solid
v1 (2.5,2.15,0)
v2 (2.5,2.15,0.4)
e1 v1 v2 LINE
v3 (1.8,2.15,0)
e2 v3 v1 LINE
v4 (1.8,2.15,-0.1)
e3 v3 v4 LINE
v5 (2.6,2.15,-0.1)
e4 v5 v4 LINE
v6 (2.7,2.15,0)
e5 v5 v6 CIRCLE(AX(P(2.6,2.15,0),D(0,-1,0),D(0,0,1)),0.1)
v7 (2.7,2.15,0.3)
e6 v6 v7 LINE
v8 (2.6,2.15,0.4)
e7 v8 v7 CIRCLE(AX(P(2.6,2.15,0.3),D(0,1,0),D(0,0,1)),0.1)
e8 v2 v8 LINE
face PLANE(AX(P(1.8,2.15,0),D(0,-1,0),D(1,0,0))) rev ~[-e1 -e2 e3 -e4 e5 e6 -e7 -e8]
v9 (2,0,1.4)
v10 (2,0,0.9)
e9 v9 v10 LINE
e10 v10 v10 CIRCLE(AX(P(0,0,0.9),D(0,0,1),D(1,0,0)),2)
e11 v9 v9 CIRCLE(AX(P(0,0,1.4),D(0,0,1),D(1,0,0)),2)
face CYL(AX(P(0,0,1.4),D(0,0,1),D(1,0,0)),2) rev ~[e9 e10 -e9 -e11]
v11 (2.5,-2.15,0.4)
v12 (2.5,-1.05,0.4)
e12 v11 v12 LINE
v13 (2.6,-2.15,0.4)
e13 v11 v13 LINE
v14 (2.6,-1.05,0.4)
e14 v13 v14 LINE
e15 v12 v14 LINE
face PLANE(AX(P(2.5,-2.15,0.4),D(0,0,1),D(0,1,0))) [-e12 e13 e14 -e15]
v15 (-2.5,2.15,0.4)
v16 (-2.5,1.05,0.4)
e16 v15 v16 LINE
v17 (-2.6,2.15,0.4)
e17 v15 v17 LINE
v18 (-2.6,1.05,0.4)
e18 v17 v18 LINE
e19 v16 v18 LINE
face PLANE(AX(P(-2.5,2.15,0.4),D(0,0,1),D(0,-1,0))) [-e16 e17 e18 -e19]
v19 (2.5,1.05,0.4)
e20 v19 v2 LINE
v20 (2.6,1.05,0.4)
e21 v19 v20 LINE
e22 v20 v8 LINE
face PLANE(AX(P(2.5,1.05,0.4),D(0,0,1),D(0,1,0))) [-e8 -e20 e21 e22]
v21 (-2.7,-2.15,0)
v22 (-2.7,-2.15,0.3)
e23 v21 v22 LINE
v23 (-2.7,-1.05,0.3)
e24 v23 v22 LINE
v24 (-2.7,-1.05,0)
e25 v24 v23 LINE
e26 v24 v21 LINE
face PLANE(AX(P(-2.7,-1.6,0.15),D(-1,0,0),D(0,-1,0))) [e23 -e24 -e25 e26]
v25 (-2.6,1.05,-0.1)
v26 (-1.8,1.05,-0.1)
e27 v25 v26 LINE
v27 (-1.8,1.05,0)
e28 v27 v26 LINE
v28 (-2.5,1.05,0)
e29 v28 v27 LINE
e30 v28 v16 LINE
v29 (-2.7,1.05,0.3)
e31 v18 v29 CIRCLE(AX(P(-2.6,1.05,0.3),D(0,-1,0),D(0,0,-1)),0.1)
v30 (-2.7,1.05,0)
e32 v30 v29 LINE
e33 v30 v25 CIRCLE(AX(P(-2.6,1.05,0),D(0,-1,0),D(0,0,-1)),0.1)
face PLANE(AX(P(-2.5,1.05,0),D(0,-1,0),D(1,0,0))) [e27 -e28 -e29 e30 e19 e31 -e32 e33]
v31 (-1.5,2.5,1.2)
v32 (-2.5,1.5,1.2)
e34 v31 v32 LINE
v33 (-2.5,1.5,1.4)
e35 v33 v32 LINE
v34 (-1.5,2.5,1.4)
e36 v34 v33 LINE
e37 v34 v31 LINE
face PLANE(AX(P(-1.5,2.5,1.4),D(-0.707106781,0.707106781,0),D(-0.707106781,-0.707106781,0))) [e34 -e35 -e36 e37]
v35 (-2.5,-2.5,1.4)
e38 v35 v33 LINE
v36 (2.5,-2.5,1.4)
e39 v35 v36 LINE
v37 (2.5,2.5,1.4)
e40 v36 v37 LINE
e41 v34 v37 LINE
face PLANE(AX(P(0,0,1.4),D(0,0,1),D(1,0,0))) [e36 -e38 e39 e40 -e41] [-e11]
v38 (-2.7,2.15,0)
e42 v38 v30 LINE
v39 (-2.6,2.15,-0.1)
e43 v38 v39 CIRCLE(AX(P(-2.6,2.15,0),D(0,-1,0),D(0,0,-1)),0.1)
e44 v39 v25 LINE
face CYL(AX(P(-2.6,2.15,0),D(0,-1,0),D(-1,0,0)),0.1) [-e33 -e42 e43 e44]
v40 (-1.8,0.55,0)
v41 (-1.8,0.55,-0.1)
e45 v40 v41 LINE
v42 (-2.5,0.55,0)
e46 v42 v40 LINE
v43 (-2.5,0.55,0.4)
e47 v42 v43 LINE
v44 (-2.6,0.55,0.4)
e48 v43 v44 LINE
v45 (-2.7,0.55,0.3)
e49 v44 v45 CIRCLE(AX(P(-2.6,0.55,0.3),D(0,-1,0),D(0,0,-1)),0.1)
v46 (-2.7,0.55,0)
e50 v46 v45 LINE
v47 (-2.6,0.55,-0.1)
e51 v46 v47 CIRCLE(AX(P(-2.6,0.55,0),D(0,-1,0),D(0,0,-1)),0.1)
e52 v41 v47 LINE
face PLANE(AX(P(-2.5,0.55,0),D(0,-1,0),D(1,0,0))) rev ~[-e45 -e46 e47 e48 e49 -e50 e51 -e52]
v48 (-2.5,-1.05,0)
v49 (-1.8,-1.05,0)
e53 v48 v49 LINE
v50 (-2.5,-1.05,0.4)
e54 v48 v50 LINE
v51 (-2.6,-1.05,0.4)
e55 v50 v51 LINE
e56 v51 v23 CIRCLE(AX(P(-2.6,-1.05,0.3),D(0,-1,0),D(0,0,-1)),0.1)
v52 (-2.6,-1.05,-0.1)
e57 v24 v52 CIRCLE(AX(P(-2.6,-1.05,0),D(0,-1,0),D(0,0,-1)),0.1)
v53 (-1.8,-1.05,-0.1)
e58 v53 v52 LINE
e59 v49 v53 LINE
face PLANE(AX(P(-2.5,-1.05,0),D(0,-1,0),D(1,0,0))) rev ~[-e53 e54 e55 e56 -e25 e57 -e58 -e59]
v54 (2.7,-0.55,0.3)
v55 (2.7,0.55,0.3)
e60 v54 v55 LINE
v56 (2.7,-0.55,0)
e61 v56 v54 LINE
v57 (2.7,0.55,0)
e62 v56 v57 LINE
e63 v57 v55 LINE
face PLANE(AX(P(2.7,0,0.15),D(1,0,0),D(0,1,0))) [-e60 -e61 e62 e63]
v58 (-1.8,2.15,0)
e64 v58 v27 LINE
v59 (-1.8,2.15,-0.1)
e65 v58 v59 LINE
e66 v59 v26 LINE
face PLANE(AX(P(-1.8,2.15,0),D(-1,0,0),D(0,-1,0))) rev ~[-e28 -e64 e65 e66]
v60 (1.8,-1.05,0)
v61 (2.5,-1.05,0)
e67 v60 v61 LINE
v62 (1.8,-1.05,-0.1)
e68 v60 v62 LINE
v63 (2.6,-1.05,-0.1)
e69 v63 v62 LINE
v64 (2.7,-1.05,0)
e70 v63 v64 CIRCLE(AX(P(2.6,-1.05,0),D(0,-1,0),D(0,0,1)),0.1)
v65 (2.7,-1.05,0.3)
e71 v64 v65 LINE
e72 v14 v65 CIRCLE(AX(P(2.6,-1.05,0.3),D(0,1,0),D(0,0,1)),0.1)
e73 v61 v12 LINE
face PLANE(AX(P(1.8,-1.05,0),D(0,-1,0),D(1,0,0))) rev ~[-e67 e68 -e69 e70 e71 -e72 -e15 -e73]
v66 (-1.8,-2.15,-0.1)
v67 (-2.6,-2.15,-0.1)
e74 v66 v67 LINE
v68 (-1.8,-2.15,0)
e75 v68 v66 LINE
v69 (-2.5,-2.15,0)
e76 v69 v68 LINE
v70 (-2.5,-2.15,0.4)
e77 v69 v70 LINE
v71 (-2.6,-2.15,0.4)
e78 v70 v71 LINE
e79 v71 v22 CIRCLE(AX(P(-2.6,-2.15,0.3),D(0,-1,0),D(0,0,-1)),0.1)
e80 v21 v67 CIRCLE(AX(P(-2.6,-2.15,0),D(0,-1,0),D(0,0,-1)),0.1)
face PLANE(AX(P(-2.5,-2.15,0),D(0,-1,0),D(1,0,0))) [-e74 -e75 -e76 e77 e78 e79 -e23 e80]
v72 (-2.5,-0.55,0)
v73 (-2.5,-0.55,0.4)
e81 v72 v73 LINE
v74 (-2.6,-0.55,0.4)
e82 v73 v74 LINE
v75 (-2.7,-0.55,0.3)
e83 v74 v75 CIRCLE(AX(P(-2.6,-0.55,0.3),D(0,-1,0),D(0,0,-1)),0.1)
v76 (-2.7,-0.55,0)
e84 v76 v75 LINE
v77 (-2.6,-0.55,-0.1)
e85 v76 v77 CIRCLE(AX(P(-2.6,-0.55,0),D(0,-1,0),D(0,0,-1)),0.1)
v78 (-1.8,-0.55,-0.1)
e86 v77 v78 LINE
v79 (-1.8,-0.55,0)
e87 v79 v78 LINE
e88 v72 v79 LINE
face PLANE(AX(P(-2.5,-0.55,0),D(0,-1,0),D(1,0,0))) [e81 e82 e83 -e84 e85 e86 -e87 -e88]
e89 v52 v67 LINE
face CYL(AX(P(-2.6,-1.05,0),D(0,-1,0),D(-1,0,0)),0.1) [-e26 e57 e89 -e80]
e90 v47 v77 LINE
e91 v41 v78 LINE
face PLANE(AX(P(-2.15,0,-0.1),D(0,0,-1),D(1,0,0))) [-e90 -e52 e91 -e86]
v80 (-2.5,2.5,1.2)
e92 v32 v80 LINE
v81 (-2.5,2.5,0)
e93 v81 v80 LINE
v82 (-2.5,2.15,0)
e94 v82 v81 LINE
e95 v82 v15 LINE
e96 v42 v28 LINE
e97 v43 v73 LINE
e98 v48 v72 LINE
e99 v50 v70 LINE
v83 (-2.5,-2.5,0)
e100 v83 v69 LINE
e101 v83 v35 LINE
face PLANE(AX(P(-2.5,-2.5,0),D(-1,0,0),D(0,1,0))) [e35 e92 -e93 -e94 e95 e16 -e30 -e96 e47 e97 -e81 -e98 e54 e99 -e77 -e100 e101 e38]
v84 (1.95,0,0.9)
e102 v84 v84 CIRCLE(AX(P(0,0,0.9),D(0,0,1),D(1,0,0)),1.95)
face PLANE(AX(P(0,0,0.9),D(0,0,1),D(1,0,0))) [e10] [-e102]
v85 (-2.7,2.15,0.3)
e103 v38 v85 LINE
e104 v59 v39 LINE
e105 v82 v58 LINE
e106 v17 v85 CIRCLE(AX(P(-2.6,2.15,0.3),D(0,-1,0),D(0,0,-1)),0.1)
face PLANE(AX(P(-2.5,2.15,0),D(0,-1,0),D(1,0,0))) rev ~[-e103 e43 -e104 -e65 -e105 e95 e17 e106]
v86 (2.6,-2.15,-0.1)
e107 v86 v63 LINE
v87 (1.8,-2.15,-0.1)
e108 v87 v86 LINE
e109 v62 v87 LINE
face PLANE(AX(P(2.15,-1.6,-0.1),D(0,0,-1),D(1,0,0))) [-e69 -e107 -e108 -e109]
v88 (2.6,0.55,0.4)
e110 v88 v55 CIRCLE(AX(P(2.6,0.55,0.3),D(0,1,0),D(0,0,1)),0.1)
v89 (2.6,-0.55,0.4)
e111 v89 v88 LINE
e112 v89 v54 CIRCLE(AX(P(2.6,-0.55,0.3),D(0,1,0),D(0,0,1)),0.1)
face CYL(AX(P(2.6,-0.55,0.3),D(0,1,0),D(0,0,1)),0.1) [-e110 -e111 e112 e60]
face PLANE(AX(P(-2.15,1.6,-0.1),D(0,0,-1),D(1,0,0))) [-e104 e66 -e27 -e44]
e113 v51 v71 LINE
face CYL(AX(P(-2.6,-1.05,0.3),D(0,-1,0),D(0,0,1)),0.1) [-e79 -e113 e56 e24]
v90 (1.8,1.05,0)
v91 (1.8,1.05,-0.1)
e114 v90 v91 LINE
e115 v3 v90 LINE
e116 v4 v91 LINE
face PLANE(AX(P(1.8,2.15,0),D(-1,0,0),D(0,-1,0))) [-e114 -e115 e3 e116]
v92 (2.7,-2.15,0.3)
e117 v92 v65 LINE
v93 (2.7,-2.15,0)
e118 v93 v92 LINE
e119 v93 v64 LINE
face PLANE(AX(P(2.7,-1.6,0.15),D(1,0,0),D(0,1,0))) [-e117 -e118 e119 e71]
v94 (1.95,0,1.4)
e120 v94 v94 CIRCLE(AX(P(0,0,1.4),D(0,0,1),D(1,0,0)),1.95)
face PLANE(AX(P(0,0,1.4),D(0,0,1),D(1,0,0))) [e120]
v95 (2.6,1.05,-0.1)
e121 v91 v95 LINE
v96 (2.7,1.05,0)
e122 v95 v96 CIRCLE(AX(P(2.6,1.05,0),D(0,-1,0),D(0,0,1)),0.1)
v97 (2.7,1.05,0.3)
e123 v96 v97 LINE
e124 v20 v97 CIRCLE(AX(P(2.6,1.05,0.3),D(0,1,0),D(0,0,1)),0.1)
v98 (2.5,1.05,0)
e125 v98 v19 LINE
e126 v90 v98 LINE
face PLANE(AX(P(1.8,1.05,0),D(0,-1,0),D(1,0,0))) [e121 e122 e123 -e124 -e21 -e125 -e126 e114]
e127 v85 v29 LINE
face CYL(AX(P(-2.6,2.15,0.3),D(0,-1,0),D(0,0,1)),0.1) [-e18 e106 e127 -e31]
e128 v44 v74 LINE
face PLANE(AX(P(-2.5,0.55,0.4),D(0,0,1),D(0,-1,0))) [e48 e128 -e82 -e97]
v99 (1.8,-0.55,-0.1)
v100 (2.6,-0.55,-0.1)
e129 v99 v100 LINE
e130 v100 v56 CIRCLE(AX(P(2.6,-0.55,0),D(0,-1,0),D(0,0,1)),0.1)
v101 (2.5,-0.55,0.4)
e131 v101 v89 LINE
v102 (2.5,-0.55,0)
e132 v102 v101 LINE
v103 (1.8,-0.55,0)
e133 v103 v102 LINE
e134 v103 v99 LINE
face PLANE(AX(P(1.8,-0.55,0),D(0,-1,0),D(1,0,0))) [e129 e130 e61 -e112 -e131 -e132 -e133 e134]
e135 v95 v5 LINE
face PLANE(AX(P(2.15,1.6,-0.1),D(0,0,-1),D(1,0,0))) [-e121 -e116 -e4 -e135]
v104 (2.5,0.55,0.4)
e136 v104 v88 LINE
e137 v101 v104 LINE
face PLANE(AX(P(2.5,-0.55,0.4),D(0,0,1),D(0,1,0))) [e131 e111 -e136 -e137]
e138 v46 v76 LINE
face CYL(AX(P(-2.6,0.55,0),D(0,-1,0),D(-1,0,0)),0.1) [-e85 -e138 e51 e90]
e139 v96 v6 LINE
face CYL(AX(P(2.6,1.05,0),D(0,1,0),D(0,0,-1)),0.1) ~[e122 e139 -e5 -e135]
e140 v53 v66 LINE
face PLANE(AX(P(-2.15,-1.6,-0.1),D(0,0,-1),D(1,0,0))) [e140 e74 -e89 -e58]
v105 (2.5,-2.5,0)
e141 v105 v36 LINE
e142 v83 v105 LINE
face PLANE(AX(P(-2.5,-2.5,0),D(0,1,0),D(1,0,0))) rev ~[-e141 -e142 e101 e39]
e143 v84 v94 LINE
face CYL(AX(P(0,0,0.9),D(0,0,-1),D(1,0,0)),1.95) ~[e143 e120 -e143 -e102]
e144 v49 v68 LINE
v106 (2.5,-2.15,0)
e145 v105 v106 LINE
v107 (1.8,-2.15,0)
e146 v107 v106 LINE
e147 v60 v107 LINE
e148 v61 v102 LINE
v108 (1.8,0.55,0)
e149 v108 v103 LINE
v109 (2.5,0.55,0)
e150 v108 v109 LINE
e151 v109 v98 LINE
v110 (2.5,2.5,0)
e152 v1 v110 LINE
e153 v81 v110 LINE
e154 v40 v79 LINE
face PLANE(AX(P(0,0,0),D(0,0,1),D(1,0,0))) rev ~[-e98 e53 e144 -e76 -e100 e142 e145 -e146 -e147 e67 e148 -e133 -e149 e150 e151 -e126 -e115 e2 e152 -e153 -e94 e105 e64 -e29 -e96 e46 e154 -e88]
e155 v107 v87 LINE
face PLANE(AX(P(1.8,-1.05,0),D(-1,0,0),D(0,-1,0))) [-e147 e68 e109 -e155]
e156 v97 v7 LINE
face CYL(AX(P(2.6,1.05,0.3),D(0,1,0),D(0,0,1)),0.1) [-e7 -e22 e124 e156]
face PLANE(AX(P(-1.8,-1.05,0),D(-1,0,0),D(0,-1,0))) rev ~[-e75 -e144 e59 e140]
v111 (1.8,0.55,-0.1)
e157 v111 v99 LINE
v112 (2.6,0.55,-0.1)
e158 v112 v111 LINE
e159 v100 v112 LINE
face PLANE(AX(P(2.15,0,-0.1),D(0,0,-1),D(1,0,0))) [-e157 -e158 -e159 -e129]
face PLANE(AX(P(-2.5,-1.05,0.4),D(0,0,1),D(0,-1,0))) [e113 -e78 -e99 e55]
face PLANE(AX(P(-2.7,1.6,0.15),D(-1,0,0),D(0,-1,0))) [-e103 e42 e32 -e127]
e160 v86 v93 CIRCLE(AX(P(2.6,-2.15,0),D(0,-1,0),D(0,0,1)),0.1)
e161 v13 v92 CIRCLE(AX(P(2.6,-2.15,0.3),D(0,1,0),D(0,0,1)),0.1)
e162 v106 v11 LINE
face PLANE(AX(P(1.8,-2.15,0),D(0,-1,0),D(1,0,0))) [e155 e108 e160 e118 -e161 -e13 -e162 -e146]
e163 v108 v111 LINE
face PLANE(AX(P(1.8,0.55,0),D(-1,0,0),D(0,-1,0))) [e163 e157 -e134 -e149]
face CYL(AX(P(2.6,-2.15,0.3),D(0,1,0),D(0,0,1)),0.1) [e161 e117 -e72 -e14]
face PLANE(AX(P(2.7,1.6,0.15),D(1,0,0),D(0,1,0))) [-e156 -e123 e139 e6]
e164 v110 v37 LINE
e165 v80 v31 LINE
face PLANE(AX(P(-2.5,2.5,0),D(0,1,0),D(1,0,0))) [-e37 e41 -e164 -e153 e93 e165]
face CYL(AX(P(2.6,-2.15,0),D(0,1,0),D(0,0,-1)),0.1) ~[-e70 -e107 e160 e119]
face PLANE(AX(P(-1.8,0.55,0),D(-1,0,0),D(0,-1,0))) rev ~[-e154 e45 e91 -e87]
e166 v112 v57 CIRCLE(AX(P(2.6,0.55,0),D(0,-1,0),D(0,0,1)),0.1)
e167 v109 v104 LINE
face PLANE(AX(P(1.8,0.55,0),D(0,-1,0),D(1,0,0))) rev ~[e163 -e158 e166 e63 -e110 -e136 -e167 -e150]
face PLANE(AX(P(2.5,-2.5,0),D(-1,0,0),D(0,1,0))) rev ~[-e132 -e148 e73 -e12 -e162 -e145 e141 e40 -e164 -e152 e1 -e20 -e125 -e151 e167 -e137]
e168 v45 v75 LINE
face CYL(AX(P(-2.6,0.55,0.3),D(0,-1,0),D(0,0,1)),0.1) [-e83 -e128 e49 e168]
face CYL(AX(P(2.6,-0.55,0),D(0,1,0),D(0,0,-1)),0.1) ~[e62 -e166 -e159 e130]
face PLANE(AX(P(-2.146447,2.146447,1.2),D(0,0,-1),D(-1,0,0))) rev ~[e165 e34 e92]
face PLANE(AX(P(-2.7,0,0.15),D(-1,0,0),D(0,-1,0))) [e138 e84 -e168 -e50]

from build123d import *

# Parameters (mm, degrees)
SKETCH_W        = 5
SKETCH_H        = 5
PAD_DEPTH       = 1.4
SKETCH001_R     = 2
POCKET_DEPTH    = 0.5
SKETCH002_W     = 1.1
SKETCH002_H     = 0.5
PAD001_DEPTH    = 0.2
SKETCH003_W     = 1.1
SKETCH003_H     = 0.5
PAD002_DEPTH    = 0.2
SKETCH004_W     = 0.7
SKETCH004_H     = 1.1
PAD003_DEPTH    = 0.1
SKETCH005_R     = 1.95
PAD004_DEPTH    = 0.5
POCKET001_DEPTH = 0.2
FILLET_R        = 0.1


with BuildPart() as part:
    # Sketch → Pad (new body)
    with BuildSketch(Plane.XY):
        Rectangle(SKETCH_W, SKETCH_H)
    extrude(amount=PAD_DEPTH)

    # Sketch001 (on Face6 of Pad) → Pocket (cut)
    with BuildSketch(Plane.XY.offset(1.4)):
        Circle(SKETCH001_R)
    extrude(amount=-POCKET_DEPTH, mode=Mode.SUBTRACT)

    # Sketch002 (on Face2 of Pocket) → Pad001 (join)
    with BuildSketch(Plane(origin=(-2.5, 0, 0), x_dir=(0, -1, 0), z_dir=(-1, 0, 0))):
        with Locations((0, 0.15)):
            Rectangle(SKETCH002_W, SKETCH002_H)
        with Locations((1.6, 0.15)):
            Rectangle(SKETCH002_W, SKETCH002_H)
        with Locations((-1.6, 0.15)):
            Rectangle(SKETCH002_W, SKETCH002_H)
    extrude(amount=PAD001_DEPTH)

    # Sketch003 (on Face3 of Pad001) → Pad002 (join)
    with BuildSketch(Plane.YZ.offset(2.5)):
        with Locations((-1.6, 0.15)):
            Rectangle(SKETCH003_W, SKETCH003_H)
        with Locations((0, 0.15)):
            Rectangle(SKETCH003_W, SKETCH003_H)
        with Locations((1.6, 0.15)):
            Rectangle(SKETCH003_W, SKETCH003_H)
    extrude(amount=PAD002_DEPTH)

    # Sketch004 (on Face4 of Pad002) → Pad003 (join)
    with BuildSketch(Plane(origin=(0, 0, 0), x_dir=(1, 0, 0), z_dir=(0, 0, -1))):
        with Locations((-2.15, 1.6)):
            Rectangle(SKETCH004_W, SKETCH004_H)
        with Locations((-2.15, 0)):
            Rectangle(SKETCH004_W, SKETCH004_H)
        with Locations((-2.15, -1.6)):
            Rectangle(SKETCH004_W, SKETCH004_H)
        with Locations((2.15, 1.6)):
            Rectangle(SKETCH004_W, SKETCH004_H)
        with Locations((2.15, 0)):
            Rectangle(SKETCH004_W, SKETCH004_H)
        with Locations((2.15, -1.6)):
            Rectangle(SKETCH004_W, SKETCH004_H)
    extrude(amount=PAD003_DEPTH)

    # Sketch005 (on Face26 of Pad003) → Pad004 (join)
    with BuildSketch(Plane.XY.offset(0.9)):
        Circle(SKETCH005_R)
    extrude(amount=PAD004_DEPTH)

    # Sketch006 (on Face5 of Pad004) → Pocket001 (cut)
    with BuildSketch(Plane.XY.offset(1.4)):
        Polygon((-2.5, 2.5), (-1.5, 2.5), (-2.5, 1.5), align=None)
    extrude(amount=-POCKET001_DEPTH, mode=Mode.SUBTRACT)

    # Fillet
    fillet_edges = [part.edges().sort_by_distance(p)[0] for p in [
        (2.7, 1.6, 0.4),
        (2.7, 0, 0.4),
        (2.7, -1.6, 0.4),
        (-2.7, 1.6, 0.4),
        (-2.7, 0, 0.4),
        (-2.7, -1.6, 0.4),
        (-2.7, -1.6, -0.1),
        (-2.7, 0, -0.1),
        (-2.7, 1.6, -0.1),
        (2.7, 1.6, -0.1),
        (2.7, 0, -0.1),
        (2.7, -1.6, -0.1),
    ]]
    fillet(fillet_edges, radius=FILLET_R)


solid = part.part
